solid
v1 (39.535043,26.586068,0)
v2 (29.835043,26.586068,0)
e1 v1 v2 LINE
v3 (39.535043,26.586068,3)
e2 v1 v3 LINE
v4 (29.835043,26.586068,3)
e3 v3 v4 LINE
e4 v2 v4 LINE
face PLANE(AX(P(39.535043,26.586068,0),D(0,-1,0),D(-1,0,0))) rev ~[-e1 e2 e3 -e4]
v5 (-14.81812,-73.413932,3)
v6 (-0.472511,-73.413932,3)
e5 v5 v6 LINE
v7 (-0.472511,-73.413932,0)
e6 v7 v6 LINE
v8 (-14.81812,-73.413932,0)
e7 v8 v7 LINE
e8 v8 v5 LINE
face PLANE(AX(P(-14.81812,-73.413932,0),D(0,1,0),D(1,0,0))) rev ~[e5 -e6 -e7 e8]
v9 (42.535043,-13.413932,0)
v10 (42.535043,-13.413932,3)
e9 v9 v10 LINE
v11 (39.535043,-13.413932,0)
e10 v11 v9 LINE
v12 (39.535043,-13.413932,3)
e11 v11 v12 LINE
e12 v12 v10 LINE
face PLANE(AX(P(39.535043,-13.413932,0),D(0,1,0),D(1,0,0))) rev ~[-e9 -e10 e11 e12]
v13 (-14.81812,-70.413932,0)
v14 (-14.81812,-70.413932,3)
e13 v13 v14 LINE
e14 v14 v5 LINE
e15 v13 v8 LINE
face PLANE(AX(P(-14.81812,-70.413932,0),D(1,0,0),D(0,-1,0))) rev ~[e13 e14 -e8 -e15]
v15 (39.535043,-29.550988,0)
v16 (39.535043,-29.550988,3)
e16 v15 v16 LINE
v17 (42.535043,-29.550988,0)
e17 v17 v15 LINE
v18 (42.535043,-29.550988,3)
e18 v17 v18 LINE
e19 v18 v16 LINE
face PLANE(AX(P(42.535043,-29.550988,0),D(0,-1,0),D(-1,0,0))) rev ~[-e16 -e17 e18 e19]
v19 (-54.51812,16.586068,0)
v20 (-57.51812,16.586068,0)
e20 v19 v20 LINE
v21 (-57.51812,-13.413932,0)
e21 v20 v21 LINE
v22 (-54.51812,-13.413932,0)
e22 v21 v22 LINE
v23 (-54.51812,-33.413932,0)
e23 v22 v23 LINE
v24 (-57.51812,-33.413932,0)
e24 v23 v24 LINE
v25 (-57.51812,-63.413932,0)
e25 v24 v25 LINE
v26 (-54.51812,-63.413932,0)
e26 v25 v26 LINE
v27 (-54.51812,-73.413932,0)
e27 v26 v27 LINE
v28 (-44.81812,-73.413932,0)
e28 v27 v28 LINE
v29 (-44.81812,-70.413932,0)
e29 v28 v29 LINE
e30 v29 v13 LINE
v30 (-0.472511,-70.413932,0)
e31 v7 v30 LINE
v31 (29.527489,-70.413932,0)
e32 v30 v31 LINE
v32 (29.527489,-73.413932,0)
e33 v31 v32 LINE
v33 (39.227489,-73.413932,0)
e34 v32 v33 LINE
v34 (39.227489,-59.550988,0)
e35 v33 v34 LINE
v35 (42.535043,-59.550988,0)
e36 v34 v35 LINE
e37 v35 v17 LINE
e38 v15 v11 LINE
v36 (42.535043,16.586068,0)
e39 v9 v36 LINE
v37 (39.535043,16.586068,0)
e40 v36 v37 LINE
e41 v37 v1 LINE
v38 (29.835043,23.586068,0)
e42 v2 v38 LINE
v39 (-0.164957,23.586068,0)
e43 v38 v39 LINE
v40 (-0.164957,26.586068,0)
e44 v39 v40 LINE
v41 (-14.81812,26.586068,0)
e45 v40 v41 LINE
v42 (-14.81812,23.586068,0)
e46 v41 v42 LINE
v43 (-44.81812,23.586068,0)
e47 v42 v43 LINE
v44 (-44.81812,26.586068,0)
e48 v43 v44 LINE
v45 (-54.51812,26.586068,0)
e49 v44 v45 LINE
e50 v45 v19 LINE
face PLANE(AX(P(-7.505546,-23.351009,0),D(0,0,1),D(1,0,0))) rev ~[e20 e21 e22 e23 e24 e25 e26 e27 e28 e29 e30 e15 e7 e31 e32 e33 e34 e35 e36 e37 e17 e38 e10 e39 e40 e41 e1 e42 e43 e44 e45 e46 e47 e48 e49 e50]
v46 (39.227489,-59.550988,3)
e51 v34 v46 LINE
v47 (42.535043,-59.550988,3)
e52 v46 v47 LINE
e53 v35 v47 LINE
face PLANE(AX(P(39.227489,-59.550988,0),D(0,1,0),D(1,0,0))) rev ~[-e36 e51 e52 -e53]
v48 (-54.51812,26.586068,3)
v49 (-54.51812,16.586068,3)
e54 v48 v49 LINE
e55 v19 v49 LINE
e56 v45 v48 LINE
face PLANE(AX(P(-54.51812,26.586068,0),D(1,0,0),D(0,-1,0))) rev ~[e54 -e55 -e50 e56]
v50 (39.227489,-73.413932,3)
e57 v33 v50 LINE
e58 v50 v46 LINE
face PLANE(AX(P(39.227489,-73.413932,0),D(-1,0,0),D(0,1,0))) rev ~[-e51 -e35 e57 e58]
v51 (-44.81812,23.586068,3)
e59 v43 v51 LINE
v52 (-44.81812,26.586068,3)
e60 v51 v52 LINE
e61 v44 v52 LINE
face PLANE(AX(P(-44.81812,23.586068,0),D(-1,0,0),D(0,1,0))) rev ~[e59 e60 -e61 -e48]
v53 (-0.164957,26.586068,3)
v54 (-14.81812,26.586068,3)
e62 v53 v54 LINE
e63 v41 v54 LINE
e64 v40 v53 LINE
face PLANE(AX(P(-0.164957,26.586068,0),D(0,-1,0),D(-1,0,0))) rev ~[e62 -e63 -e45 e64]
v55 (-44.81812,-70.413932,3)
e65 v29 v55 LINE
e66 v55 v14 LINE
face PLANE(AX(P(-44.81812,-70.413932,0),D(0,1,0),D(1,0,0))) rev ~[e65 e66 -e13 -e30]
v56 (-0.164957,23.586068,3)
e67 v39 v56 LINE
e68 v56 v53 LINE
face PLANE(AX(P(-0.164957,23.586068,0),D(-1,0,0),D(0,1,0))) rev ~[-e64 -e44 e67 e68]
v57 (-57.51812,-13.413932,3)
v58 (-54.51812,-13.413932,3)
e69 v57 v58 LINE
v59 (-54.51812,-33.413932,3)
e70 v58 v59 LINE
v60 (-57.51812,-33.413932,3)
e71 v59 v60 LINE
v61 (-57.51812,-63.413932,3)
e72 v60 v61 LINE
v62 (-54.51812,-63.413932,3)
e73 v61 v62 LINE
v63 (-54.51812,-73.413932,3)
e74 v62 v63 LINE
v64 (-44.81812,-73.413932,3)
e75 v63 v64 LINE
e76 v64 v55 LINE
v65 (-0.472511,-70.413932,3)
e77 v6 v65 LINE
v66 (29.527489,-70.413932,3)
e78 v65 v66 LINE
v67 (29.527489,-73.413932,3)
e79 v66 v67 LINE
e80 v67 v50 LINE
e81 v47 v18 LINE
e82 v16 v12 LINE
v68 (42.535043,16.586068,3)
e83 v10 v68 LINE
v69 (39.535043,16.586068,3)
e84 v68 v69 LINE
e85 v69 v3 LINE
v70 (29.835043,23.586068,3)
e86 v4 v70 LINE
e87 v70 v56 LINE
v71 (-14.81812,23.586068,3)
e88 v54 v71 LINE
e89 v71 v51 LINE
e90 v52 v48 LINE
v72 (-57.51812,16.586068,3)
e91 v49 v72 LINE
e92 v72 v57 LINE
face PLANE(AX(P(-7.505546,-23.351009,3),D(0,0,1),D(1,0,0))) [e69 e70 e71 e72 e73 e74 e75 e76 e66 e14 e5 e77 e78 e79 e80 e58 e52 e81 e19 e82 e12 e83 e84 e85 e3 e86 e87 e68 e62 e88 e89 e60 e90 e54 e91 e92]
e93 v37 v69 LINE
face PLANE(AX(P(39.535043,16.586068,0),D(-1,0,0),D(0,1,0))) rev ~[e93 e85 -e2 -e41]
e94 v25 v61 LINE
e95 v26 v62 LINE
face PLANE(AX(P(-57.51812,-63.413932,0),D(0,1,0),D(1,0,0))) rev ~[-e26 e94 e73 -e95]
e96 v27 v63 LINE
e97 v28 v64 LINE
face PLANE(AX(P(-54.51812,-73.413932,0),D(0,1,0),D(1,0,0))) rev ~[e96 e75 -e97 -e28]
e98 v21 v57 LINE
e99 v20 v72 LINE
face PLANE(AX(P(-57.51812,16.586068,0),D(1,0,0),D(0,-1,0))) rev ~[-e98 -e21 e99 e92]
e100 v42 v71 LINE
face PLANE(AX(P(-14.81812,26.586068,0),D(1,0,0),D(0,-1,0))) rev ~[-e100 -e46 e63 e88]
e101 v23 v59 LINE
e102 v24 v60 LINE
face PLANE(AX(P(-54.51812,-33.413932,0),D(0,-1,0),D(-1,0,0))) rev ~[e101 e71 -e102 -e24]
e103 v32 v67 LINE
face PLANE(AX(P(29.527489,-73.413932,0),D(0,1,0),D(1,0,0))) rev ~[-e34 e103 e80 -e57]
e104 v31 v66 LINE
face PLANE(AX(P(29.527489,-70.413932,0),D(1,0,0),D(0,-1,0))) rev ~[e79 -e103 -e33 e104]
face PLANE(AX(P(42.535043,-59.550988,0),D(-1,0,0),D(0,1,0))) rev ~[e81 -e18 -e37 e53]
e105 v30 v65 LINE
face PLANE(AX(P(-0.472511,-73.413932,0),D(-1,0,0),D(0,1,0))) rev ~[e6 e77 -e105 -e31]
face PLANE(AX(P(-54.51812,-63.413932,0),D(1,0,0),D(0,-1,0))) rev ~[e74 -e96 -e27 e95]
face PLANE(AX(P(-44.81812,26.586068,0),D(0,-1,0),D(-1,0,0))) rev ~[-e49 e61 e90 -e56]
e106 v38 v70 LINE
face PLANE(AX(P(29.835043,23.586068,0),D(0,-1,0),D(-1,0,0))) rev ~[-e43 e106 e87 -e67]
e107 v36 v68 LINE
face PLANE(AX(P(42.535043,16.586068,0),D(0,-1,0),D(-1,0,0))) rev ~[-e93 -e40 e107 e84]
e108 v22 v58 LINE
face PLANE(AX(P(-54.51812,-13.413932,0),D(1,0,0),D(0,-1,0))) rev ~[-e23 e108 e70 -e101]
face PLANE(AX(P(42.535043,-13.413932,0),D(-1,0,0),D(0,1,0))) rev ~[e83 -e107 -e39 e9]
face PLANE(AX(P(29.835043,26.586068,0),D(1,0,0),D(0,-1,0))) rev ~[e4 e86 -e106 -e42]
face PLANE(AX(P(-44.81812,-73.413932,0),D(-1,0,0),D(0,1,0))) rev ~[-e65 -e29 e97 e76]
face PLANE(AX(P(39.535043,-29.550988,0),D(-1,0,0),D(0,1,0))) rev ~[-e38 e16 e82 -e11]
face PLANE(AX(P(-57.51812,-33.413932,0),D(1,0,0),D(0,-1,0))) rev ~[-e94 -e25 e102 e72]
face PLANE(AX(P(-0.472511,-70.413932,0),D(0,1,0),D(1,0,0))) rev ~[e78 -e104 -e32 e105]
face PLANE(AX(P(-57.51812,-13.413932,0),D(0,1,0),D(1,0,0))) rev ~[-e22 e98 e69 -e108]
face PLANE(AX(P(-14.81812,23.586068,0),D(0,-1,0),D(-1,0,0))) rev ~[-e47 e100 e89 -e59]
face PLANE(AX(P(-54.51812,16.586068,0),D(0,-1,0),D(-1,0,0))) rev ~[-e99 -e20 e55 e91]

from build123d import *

# Parameters (mm, degrees)
BOSS_EXTRU_1_DEPTH = 3


with BuildPart() as part:
    # Esquisse1 → Boss.-Extru.1 (new body)
    with BuildSketch(Plane.XY):
        Polygon((-57.518120274, -33.413932292), (-57.518120274, -63.413932292), (-54.518120274, -63.413932292), (-54.518120274, -73.413932292), (-44.818120274, -73.413932292), (-44.818120274, -70.413932292), (-14.818120274, -70.413932292), (-14.818120274, -73.413932292), (-0.472510657, -73.413932292), (-0.472510657, -70.413932292), (29.527489343, -70.413932292), (29.527489343, -73.413932292), (39.227489343, -73.413932292), (39.227489343, -59.550988322), (42.535043292, -59.550988322), (42.535043292, -29.550988322), (39.535043292, -29.550988322), (39.535043292, -13.413932292), (42.535043292, -13.413932292), (42.535043292, 16.586067708), (39.535043292, 16.586067708), (39.535043292, 26.586067708), (29.835043292, 26.586067708), (29.835043292, 23.586067708), (-0.164956708, 23.586067708), (-0.164956708, 26.586067708), (-14.818120274, 26.586067708), (-14.818120274, 23.586067708), (-44.818120274, 23.586067708), (-44.818120274, 26.586067708), (-54.518120274, 26.586067708), (-54.518120274, 16.586067708), (-57.518120274, 16.586067708), (-57.518120274, -13.413932292), (-54.518120274, -13.413932292), (-54.518120274, -33.413932292), align=None)
    extrude(amount=BOSS_EXTRU_1_DEPTH)


solid = part.part
